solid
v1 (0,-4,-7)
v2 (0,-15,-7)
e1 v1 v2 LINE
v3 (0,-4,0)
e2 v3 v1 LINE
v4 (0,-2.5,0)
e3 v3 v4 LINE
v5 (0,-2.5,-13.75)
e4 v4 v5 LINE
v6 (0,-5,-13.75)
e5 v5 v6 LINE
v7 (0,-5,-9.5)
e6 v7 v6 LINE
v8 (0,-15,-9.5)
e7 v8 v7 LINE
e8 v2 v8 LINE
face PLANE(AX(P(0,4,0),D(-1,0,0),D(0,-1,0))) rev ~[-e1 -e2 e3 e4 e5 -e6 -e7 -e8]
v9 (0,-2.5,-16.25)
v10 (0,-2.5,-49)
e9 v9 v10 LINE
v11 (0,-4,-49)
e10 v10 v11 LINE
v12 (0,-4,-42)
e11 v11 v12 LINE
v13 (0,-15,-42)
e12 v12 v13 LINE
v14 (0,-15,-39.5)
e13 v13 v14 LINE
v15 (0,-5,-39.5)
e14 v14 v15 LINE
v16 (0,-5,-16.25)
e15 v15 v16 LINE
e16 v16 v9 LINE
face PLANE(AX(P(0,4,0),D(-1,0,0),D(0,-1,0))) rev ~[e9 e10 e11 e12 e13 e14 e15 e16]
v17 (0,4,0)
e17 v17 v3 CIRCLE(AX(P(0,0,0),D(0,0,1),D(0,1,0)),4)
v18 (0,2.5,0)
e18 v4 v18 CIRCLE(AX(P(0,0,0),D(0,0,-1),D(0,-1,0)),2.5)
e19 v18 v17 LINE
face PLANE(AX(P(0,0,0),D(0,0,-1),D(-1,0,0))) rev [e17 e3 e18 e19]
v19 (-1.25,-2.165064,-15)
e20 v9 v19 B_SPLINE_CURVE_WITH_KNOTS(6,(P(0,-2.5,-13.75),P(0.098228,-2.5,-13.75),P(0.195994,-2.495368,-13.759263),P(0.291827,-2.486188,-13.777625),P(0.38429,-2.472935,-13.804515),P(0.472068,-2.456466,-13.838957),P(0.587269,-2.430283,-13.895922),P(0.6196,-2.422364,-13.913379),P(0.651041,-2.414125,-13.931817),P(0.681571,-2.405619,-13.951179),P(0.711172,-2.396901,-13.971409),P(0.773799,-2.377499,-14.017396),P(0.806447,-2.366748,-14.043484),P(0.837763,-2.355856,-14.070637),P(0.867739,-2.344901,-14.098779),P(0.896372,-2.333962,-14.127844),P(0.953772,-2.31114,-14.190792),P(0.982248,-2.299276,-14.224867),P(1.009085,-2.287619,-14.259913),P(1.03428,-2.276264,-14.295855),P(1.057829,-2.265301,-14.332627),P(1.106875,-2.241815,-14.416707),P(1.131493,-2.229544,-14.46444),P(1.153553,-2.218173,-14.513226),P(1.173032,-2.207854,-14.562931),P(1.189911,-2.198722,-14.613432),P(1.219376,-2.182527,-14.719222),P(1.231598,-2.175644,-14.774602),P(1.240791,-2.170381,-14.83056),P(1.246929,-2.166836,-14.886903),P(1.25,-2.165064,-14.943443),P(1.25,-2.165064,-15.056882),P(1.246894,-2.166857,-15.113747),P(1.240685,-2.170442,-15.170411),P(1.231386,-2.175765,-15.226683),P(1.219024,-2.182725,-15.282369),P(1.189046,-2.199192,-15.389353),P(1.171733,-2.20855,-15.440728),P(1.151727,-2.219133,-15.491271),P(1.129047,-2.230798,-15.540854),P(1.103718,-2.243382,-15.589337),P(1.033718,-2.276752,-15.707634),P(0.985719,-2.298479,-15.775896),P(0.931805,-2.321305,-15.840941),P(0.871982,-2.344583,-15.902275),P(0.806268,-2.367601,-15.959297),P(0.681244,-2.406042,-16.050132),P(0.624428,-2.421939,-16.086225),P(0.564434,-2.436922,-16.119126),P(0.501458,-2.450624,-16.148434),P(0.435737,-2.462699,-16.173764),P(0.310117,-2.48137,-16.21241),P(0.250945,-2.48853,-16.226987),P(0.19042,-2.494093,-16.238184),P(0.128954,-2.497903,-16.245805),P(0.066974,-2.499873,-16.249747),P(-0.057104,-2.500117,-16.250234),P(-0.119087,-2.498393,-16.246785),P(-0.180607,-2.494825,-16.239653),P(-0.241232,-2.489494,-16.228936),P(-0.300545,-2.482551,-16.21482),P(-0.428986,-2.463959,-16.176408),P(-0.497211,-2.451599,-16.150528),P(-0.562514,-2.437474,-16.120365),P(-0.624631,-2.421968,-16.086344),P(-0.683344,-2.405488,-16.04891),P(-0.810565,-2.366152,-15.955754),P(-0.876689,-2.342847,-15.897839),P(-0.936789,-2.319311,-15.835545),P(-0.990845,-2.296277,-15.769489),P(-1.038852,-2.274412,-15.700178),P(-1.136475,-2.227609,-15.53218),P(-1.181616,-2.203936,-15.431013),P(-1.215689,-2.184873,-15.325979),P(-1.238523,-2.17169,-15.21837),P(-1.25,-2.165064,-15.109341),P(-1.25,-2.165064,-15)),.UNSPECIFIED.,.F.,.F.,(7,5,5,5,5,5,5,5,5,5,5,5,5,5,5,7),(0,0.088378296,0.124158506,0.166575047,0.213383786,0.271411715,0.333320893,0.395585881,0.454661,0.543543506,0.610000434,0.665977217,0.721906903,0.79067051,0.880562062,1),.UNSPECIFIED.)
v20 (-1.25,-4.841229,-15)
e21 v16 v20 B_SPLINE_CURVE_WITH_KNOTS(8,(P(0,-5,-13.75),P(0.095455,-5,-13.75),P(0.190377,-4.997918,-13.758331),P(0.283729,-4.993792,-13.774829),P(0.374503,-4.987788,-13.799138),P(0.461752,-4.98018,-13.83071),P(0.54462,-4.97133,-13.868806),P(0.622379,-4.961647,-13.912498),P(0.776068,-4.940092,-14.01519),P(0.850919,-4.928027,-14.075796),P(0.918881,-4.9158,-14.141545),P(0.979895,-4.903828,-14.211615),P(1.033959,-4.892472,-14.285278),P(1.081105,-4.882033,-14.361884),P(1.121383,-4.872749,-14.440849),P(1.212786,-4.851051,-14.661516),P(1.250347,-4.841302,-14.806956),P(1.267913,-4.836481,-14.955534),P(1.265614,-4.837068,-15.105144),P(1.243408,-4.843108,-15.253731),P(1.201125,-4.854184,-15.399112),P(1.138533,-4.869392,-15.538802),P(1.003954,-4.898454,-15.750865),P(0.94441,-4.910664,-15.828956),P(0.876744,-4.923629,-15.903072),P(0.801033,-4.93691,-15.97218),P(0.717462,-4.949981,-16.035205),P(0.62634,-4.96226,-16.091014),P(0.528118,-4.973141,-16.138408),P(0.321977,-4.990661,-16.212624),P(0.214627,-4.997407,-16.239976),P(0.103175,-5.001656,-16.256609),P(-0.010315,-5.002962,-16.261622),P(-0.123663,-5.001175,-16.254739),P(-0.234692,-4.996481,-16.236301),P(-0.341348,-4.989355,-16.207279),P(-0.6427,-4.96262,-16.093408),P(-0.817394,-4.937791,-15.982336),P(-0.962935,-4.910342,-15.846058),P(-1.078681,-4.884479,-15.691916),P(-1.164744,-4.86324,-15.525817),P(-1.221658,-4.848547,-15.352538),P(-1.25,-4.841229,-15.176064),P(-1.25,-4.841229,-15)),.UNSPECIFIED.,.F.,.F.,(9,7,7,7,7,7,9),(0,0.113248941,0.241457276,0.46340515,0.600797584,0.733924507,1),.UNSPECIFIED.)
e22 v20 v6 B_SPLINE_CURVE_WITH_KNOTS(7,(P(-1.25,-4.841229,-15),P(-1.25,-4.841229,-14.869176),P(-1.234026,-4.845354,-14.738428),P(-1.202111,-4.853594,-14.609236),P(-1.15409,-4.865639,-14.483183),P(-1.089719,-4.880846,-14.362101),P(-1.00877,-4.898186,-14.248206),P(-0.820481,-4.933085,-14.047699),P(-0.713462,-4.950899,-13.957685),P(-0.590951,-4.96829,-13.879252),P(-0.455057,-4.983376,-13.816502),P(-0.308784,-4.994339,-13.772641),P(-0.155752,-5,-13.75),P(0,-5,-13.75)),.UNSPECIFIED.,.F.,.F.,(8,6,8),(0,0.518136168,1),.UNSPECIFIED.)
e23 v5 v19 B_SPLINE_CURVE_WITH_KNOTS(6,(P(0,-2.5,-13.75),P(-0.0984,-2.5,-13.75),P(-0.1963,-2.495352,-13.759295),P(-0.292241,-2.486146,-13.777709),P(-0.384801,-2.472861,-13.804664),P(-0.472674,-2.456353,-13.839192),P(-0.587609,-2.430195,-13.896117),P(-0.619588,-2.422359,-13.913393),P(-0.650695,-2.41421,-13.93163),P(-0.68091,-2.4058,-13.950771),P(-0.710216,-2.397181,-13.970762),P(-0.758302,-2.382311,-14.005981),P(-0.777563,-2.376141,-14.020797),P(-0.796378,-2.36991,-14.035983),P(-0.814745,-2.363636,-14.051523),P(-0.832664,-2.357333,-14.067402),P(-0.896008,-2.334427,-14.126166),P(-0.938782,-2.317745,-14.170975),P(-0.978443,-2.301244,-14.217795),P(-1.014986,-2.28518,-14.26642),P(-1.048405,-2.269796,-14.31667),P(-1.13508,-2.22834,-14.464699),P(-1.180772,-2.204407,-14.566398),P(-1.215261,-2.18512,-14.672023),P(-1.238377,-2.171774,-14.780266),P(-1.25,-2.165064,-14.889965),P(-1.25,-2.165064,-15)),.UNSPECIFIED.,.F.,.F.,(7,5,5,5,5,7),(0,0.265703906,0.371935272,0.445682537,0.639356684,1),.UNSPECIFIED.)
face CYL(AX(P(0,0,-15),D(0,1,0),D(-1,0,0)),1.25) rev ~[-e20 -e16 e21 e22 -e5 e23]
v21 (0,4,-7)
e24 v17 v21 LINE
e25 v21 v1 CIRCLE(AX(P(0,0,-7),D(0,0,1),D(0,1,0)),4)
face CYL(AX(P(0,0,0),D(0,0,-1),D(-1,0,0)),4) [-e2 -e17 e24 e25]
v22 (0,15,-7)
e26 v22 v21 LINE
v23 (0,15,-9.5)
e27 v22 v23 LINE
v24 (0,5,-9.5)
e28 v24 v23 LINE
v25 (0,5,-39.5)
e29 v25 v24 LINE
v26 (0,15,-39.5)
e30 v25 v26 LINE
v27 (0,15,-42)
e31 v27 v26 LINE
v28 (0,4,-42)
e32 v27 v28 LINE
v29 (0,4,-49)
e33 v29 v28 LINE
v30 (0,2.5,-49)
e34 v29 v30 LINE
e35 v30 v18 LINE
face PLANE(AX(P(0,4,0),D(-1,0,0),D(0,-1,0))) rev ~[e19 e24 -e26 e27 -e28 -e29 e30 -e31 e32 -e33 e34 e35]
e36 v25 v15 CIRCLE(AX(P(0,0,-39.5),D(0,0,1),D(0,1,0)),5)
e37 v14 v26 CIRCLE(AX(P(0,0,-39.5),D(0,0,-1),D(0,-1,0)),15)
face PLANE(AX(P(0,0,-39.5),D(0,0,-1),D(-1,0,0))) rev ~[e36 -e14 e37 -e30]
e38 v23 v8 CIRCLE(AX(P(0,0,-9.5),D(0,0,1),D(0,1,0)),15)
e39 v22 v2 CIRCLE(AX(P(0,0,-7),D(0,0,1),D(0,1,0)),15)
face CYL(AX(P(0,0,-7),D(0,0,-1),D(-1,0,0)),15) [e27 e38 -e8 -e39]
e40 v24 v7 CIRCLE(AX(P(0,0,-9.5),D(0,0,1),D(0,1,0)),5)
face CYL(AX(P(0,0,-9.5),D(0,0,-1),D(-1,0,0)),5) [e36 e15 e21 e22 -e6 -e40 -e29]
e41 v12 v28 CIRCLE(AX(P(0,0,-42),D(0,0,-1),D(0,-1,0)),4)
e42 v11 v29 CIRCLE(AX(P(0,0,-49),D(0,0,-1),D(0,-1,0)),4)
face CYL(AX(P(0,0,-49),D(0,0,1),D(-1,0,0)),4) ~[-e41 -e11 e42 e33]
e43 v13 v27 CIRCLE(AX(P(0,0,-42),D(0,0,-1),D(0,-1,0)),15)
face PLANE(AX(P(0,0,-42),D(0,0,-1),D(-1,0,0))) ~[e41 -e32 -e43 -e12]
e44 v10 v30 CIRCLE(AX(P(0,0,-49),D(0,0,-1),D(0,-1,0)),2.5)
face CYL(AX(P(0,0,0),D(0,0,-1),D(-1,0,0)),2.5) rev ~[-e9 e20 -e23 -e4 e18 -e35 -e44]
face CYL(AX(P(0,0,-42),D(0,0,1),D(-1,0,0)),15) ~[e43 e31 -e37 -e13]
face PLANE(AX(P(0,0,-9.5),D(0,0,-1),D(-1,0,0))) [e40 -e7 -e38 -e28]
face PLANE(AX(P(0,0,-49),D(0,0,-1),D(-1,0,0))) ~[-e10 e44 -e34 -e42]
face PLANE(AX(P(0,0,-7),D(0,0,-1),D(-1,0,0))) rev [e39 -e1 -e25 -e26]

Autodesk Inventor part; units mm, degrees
ref_plane "YZ Plane" through (0, 0, 0) normal (1, 0, 0) x (0, 1, 0)
ref_plane "XZ Plane" through (0, 0, 0) normal (0, 1, 0) x (-1, 0, 0)
ref_plane "XY Plane" through (0, 0, 0) normal (0, 0, 1) x (1, 0, 0)
sketch "Sketch1" plane through (0, 0, 0) normal (0, 1, 0) x (-1, 0, 0)
  line L0 (0, 0) -> (2.5, 0)
  line L1 (2.5, 0) -> (2.5, -7)
  line L2 (0, 0) -> (4, 0)
  line L3 (4, 0) -> (4, -7)
  line L4 (2.5, -7) -> (4, -7)
  line L5 (4, -7) -> (4, 0)
  line L6 (4, 0) -> (2.5, 0)
  line L7 (2.5, 0) -> (2.5, -7)
  line L8 (2.5, -7) -> (15, -7)
  line L9 (15, -7) -> (15, -9.5)
  line L10 (15, -9.5) -> (2.5, -9.5)
  line L11 (2.5, -9.5) -> (2.5, -7)
  line L12 (2.5, -9.5) -> (5, -9.5)
  line L13 (5, -9.5) -> (5, -39.5)
  line L14 (5, -39.5) -> (2.5, -39.5)
  line L15 (2.5, -39.5) -> (2.5, -9.5)
  line L16 (5, -24.5) -> (-8.9655, -24.5)
  line L17 (0, -49) -> (2.5, -49)
  line L18 (2.5, -49) -> (2.5, -42)
  line L19 (0, -49) -> (4, -49)
  line L20 (4, -49) -> (4, -42)
  line L21 (2.5, -42) -> (4, -42)
  line L22 (4, -42) -> (4, -49)
  line L23 (4, -49) -> (2.5, -49)
  line L24 (2.5, -49) -> (2.5, -42)
  line L25 (2.5, -42) -> (15, -42)
  line L26 (15, -42) -> (15, -39.5)
  line L27 (15, -39.5) -> (2.5, -39.5)
  line L28 (2.5, -39.5) -> (2.5, -42)
  line L29 (2.5, -39.5) -> (5, -39.5)
  line L30 (0, 0) -> (0, -54.8818)
  dimension "d0" = 2.5
  dimension "d1" = 7
  dimension "d2" = 90
  dimension "d3" = 4
  dimension "d4" = 12.5
  dimension "d5" = 2.5
  dimension "d6" = 2.5
  dimension "d7" = 30
revolve "Revolution1" add sketch "Sketch1" angle 360 about axis through (0, 0, 0) along (0, 0, -1) contours L2 L3 L4 L1 | L4 L8 L9 L10 L11 | L16 L13 L14 L15 | L15 L10 L13 L16 | L14 L27 L26 L25 L21 L28 | L18 L21 L20 L19
sketch "Sketch2" plane through (0, 0, 0) normal (0, 1, 0) x (-1, 0, 0)
  line L0 (0, 0) -> (0, -15)
  line L1 (0, 0) -> (15, 0) construction
  circle A0 centre (0, -15) radius 1.25
  dimension "d9" = 15
  dimension "d10" = 90
  dimension "d11" = 2.5
extrude "Extrusion1" cut sketch "Sketch2" against normal blind 10
sketch "Sketch3" plane through (0, 0, 0) normal (0, 0, 1) x (1, 0, 0)
  circle A0 centre (0, 0) radius 4 projected
  line L0 (0, 0) -> (24.6363, 0)
  line L1 (24.6363, 0) -> (24.6363, -18.6963)
  line L2 (24.6363, -18.6963) -> (0, -18.6963)
  line L3 (0, -18.6963) -> (0, 0)
  line L4 (0, 0) -> (27.3141, 0)
  line L5 (27.3141, 0) -> (27.3141, 19.6701)
  line L6 (27.3141, 19.6701) -> (0, 19.6701)
  line L7 (0, 19.6701) -> (0, 0)
extrude "Extrusion2" cut sketch "Sketch3" against normal blind 100 contours L0 L7 A0 | L0 L1 L2 L3 A0 | A0 L3 L0 | A0 L7 L6 L5 L4 L0
properties part number "spool"
